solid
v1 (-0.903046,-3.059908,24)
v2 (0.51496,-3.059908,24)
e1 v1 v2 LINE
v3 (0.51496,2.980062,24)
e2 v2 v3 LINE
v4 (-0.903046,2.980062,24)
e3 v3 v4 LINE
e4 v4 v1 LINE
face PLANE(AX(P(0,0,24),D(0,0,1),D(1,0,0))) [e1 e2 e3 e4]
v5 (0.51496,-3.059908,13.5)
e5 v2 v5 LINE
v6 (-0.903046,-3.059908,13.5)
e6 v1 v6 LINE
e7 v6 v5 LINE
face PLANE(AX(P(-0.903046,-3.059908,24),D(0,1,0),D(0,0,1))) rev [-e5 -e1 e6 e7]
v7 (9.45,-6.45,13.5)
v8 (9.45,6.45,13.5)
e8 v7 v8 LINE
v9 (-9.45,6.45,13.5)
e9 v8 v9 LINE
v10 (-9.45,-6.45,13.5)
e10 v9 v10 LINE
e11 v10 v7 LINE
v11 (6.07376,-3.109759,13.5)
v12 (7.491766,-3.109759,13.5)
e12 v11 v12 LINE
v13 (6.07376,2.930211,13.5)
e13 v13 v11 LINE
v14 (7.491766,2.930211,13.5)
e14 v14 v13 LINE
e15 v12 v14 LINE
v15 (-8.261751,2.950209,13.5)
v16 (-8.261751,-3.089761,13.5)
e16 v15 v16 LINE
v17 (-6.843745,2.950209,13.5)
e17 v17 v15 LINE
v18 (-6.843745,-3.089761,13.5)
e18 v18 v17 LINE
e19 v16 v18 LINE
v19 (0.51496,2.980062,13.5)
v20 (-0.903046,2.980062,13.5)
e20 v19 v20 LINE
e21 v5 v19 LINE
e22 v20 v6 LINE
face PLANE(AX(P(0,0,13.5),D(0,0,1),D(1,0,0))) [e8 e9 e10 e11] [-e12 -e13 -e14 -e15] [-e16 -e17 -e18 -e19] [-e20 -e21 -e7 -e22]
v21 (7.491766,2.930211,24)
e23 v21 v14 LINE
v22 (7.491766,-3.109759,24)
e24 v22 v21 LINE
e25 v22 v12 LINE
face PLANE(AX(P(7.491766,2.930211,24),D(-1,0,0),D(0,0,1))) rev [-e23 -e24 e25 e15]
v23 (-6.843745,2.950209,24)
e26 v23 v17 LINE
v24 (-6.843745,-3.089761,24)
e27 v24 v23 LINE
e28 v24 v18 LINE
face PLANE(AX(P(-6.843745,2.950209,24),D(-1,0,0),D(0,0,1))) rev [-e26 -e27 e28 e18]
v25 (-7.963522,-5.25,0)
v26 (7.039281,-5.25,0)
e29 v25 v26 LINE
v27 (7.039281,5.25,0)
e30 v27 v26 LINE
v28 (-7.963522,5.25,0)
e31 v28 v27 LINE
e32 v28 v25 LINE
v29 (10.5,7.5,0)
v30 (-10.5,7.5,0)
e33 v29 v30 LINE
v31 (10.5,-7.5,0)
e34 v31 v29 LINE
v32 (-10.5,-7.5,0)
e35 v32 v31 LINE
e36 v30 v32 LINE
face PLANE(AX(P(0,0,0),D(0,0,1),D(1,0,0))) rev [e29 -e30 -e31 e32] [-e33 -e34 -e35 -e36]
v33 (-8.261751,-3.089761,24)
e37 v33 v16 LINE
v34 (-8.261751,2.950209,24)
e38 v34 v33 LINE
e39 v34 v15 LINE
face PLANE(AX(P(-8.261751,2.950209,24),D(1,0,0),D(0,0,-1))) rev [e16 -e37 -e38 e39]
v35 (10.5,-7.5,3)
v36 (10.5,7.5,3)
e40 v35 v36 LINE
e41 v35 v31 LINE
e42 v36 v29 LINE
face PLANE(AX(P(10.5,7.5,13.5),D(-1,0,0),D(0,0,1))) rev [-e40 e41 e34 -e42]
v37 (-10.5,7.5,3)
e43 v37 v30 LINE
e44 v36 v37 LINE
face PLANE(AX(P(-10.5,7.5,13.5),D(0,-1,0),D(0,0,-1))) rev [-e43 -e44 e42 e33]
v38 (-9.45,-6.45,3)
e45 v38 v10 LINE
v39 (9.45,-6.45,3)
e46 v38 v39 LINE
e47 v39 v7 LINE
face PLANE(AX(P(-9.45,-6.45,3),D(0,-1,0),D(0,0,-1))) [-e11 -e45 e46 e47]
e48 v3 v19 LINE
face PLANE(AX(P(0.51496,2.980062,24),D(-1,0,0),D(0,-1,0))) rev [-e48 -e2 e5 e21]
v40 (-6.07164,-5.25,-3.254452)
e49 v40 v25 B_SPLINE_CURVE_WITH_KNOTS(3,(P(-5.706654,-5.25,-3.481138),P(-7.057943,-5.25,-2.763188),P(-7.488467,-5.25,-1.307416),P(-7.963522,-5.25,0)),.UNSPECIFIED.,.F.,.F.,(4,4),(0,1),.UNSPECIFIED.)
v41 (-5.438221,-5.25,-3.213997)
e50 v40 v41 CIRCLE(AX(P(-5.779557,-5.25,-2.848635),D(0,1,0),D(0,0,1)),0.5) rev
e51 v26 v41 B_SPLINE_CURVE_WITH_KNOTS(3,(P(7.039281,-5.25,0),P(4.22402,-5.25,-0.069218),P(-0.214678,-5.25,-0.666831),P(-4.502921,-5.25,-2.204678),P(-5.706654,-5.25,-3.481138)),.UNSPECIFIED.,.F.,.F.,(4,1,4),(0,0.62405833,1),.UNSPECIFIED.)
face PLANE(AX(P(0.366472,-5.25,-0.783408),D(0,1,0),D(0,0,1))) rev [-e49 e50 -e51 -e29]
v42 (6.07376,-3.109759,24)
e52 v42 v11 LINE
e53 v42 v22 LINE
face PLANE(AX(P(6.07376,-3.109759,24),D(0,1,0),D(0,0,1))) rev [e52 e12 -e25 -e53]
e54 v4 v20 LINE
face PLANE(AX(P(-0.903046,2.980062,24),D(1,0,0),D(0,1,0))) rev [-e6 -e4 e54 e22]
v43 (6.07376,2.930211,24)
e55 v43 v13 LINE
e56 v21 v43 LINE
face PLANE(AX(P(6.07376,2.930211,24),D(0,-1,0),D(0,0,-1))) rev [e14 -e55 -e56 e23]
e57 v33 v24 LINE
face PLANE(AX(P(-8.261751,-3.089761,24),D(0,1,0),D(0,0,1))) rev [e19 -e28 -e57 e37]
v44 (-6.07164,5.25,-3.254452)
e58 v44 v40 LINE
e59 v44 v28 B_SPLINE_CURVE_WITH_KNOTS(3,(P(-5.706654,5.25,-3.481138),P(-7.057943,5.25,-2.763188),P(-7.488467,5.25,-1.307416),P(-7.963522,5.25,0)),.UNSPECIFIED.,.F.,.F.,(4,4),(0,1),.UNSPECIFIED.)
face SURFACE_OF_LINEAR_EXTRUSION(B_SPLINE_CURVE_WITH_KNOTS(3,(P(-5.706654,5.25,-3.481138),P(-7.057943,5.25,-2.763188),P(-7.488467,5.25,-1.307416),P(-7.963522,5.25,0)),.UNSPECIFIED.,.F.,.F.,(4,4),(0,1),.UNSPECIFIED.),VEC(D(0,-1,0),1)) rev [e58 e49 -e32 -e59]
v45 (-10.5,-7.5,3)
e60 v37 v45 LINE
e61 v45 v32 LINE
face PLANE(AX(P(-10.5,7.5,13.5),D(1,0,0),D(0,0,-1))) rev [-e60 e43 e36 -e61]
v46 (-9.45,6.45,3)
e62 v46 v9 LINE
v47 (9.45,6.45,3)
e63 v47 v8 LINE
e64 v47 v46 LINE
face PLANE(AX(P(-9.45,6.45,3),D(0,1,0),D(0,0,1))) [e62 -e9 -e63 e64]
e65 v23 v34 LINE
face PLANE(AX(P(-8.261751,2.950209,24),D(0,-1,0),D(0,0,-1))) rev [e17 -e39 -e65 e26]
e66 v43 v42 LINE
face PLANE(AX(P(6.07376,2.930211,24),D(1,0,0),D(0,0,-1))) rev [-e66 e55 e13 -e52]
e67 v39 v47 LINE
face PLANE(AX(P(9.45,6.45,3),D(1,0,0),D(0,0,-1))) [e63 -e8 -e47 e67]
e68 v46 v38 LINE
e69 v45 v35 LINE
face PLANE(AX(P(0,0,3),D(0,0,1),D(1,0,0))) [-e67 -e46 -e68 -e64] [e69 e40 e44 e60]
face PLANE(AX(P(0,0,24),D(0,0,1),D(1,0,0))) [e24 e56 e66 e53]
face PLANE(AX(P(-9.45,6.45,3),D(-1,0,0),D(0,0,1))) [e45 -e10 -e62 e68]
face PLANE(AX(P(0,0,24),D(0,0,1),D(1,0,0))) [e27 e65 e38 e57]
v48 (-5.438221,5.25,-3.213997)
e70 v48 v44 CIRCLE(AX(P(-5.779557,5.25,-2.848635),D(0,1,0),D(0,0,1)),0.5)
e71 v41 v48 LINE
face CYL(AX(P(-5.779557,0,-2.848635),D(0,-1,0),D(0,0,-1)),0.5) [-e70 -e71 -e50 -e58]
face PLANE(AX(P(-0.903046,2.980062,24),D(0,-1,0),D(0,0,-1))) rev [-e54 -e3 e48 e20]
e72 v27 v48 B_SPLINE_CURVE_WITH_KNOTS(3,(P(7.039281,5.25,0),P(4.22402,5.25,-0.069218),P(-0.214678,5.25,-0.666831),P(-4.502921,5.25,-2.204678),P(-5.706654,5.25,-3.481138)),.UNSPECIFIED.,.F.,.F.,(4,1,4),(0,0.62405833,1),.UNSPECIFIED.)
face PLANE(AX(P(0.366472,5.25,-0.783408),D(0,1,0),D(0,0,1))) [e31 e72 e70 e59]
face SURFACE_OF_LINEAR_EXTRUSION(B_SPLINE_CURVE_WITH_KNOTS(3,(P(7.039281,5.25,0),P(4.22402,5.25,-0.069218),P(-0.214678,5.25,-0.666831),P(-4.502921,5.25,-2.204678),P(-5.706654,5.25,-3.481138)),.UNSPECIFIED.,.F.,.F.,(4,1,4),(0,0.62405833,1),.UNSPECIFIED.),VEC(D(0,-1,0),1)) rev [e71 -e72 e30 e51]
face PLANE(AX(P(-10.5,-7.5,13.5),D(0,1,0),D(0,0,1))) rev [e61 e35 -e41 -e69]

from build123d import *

# Parameters (mm, degrees)
CROQUIS1_W              = 21
CROQUIS1_H              = 15
SALIENTE_EXTRUIR1_DEPTH = 13.5
CROQUIS2_W              = 21
CROQUIS2_H              = 15
CROQUIS2_W_2            = 18.9
CROQUIS2_H_2            = 12.9
CORTAR_EXTRUIR1_DEPTH   = 10.5
SALIENTE_EXTRUIR2_DEPTH = 5.25
REDONDEO1_R             = 0.5
CROQUIS4_W              = 1.418006124
CROQUIS4_H              = 6.039970015
CROQUIS4_H_2            = 6.039970016
SALIENTE_EXTRUIR3_DEPTH = 10.5


with BuildPart() as part:
    # Croquis1 → Saliente-Extruir1 (new body)
    with BuildSketch(Plane.XY):
        Rectangle(CROQUIS1_W, CROQUIS1_H)
    extrude(amount=SALIENTE_EXTRUIR1_DEPTH)

    # Croquis2 → Cortar-Extruir1 (cut)
    with BuildSketch(Plane.XY.offset(13.5)):
        Rectangle(CROQUIS2_W, CROQUIS2_H)
        Rectangle(CROQUIS2_W_2, CROQUIS2_H_2, mode=Mode.SUBTRACT)
    extrude(amount=-CORTAR_EXTRUIR1_DEPTH, mode=Mode.SUBTRACT)

    # Croquis3 → Saliente-Extruir2 (add, symmetric)
    with BuildSketch(Plane(origin=(0, 0, 0), x_dir=(1, 0, 0), z_dir=(0, 1, 0))):
        with BuildLine():
            Line((7.039280928, 0), (-7.963522393, 0))
            add(Edge.make_bspline(
                [(-5.706653699, 3.481138081), (-7.057942912, 2.763187698), (-7.488467217, 1.307416204), (-7.963522393, 0)],
                knots=[0, 0, 0, 0, 1, 1, 1, 1], degree=3))
            add(Edge.make_bspline(
                [(7.039280928, 0), (4.224020061, 0.069217615), (-0.214677684, 0.66683062), (-4.502921069, 2.204677744), (-5.706653699, 3.481138081)],
                knots=[0, 0, 0, 0, 0.62405833, 1, 1, 1, 1], degree=3))
        make_face()
    extrude(amount=SALIENTE_EXTRUIR2_DEPTH, both=True)

    # Redondeo1
    redondeo1_edges = [part.edges().sort_by_distance(p)[0] for p in [
        (-5.706653699, -2.625, -3.481138081),
    ]]
    fillet(redondeo1_edges, radius=REDONDEO1_R)

    # Croquis4 → Saliente-Extruir3 (add)
    with BuildSketch(Plane.XY.offset(13.5)):
        with Locations((-7.552748408, -0.069775705)):
            Rectangle(CROQUIS4_W, CROQUIS4_H)
        with Locations((-0.194042943, -0.039922945)):
            Rectangle(CROQUIS4_W, CROQUIS4_H)
        with Locations((6.78276327, -0.08977409)):
            Rectangle(CROQUIS4_W, CROQUIS4_H_2)
    extrude(amount=SALIENTE_EXTRUIR3_DEPTH)


solid = part.part
